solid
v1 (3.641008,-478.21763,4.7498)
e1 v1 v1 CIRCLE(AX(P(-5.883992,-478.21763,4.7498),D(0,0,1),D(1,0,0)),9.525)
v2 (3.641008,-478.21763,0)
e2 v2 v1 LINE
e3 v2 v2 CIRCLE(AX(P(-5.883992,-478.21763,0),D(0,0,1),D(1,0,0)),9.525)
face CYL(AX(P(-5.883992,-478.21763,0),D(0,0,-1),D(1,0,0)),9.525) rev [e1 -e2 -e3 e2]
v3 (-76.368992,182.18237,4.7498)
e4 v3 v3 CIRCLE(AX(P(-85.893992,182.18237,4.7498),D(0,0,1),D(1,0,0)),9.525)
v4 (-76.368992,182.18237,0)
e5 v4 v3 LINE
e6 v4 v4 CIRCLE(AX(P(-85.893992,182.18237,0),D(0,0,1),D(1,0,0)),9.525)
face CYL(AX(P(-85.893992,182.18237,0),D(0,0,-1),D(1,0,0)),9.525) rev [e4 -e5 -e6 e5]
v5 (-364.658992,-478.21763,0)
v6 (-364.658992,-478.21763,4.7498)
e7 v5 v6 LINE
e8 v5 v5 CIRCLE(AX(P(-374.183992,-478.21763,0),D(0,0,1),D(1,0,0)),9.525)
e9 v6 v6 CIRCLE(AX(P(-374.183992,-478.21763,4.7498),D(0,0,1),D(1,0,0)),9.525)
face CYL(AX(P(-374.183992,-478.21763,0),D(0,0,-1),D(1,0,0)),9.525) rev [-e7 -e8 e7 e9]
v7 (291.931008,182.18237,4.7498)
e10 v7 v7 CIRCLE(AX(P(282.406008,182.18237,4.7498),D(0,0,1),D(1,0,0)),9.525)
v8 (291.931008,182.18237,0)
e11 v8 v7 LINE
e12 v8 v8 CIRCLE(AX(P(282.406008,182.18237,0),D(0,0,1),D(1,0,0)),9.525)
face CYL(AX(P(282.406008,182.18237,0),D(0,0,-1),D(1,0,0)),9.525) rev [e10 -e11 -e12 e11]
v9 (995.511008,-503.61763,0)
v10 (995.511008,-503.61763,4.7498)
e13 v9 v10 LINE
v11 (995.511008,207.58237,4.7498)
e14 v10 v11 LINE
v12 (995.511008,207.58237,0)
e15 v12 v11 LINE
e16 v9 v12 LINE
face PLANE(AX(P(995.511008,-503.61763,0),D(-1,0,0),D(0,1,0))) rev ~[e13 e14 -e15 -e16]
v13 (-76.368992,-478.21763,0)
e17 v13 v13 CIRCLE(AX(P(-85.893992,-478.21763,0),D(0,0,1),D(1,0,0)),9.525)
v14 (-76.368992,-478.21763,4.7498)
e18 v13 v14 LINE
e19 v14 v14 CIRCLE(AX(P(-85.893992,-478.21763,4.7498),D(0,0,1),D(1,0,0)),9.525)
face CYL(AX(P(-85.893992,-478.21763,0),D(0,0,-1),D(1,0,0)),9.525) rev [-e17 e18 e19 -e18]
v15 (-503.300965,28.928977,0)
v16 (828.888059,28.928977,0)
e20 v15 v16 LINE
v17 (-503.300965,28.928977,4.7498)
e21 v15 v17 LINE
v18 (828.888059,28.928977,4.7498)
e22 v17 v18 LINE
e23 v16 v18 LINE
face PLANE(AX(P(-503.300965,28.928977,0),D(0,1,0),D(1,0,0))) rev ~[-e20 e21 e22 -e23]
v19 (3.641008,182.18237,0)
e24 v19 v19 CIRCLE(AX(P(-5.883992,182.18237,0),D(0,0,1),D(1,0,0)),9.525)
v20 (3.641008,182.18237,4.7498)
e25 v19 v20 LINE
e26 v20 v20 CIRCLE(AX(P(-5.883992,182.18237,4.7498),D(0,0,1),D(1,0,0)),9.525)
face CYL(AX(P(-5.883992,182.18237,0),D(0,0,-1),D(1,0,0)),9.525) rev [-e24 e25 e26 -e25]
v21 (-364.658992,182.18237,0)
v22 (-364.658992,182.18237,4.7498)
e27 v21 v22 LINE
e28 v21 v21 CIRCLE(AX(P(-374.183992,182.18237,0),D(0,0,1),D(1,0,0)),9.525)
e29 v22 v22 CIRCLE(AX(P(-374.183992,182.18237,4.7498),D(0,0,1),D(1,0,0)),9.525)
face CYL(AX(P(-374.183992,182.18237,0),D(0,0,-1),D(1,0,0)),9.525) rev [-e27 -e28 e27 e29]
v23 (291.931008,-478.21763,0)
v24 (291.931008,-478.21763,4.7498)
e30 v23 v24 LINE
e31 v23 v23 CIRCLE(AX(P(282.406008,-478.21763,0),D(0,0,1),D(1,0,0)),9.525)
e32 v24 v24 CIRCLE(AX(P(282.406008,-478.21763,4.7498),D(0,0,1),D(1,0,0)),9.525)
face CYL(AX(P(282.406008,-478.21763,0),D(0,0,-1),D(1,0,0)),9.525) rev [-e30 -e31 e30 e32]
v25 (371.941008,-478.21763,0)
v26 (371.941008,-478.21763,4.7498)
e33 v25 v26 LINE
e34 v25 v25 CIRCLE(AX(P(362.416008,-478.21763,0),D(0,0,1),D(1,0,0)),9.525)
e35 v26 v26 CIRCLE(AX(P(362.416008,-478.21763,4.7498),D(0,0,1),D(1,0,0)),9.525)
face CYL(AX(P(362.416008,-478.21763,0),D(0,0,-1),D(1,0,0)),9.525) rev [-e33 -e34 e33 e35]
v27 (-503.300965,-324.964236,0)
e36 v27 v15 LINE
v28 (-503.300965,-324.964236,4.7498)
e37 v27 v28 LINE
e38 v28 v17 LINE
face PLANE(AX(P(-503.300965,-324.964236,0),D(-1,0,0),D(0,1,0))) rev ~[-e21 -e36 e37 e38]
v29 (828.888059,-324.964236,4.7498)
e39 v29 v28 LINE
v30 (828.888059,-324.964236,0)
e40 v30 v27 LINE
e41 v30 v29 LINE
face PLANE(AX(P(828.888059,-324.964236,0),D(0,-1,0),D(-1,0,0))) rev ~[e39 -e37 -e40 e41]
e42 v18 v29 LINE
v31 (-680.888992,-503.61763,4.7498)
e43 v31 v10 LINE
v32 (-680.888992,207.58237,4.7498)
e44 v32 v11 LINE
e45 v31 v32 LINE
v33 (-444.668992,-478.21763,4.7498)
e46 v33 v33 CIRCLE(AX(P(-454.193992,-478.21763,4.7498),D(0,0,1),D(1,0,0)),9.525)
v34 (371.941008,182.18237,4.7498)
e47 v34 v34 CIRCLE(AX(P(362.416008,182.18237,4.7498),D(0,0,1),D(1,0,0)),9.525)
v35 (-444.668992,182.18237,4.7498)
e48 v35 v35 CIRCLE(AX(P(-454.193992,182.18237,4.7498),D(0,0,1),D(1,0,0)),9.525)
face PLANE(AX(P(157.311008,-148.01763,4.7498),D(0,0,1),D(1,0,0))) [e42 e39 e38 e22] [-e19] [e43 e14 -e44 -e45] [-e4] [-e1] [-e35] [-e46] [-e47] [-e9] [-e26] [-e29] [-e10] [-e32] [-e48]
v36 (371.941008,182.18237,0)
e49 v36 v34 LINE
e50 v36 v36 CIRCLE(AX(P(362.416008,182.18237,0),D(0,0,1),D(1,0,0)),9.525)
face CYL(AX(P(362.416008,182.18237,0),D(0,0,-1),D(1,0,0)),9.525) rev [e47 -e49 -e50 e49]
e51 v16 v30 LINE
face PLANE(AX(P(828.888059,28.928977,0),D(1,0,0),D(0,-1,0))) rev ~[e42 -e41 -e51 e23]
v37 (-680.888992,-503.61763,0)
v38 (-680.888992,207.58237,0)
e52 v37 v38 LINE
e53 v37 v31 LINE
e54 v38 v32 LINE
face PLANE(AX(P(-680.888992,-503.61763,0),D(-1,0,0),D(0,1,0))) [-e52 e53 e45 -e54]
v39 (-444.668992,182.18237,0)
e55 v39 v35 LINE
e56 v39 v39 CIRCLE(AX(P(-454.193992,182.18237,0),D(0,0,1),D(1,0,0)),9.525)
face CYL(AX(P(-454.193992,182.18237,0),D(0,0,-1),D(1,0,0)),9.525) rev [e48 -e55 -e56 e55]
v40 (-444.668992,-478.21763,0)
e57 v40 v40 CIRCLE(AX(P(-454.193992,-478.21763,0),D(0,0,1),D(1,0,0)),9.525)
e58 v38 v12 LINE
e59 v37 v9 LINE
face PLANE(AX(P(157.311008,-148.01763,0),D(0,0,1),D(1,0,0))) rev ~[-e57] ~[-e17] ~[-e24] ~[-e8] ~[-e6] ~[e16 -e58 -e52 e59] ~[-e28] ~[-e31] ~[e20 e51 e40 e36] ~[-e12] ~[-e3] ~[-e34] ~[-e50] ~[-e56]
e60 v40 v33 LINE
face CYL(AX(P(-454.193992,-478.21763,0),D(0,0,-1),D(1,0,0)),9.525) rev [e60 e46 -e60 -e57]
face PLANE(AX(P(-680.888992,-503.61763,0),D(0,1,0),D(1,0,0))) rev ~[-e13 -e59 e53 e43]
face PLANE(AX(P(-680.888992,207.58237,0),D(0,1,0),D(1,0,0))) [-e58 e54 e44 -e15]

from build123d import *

# Parameters (mm, degrees)
F0_W     = 1676.4
F0_H     = 711.2
F0_R     = 9.525
F1_DEPTH = 4.7498


with BuildPart() as f1:
    # F0 (on Top) → F1 (new body)
    with BuildSketch(Plane.XY):
        with Locations((157.311008, -148.01763)):
            Rectangle(F0_W, F0_H)
        with Locations((-454.193992, -478.21763)):
            Circle(F0_R, mode=Mode.SUBTRACT)
        with Locations((-374.183992, -478.21763)):
            Circle(F0_R, mode=Mode.SUBTRACT)
        with Locations((-85.893992, -478.21763)):
            Circle(F0_R, mode=Mode.SUBTRACT)
        with Locations((-5.883992, -478.21763)):
            Circle(F0_R, mode=Mode.SUBTRACT)
        with Locations((282.406008, -478.21763)):
            Circle(F0_R, mode=Mode.SUBTRACT)
        with Locations((362.416008, -478.21763)):
            Circle(F0_R, mode=Mode.SUBTRACT)
        with Locations((-454.193992, 182.18237)):
            Circle(F0_R, mode=Mode.SUBTRACT)
        with Locations((-374.183992, 182.18237)):
            Circle(F0_R, mode=Mode.SUBTRACT)
        with Locations((-85.893992, 182.18237)):
            Circle(F0_R, mode=Mode.SUBTRACT)
        with Locations((-5.883992, 182.18237)):
            Circle(F0_R, mode=Mode.SUBTRACT)
        Polygon((-503.300965, -148.01763), (-503.300965, 28.928977), (828.888059, 28.928977), (828.888059, -148.01763), (828.888059, -324.964236), (-503.300965, -324.964236), align=None, mode=Mode.SUBTRACT)
        with Locations((282.406008, 182.18237)):
            Circle(F0_R, mode=Mode.SUBTRACT)
        with Locations((362.416008, 182.18237)):
            Circle(F0_R, mode=Mode.SUBTRACT)
    extrude(amount=F1_DEPTH)


solid = f1.part
